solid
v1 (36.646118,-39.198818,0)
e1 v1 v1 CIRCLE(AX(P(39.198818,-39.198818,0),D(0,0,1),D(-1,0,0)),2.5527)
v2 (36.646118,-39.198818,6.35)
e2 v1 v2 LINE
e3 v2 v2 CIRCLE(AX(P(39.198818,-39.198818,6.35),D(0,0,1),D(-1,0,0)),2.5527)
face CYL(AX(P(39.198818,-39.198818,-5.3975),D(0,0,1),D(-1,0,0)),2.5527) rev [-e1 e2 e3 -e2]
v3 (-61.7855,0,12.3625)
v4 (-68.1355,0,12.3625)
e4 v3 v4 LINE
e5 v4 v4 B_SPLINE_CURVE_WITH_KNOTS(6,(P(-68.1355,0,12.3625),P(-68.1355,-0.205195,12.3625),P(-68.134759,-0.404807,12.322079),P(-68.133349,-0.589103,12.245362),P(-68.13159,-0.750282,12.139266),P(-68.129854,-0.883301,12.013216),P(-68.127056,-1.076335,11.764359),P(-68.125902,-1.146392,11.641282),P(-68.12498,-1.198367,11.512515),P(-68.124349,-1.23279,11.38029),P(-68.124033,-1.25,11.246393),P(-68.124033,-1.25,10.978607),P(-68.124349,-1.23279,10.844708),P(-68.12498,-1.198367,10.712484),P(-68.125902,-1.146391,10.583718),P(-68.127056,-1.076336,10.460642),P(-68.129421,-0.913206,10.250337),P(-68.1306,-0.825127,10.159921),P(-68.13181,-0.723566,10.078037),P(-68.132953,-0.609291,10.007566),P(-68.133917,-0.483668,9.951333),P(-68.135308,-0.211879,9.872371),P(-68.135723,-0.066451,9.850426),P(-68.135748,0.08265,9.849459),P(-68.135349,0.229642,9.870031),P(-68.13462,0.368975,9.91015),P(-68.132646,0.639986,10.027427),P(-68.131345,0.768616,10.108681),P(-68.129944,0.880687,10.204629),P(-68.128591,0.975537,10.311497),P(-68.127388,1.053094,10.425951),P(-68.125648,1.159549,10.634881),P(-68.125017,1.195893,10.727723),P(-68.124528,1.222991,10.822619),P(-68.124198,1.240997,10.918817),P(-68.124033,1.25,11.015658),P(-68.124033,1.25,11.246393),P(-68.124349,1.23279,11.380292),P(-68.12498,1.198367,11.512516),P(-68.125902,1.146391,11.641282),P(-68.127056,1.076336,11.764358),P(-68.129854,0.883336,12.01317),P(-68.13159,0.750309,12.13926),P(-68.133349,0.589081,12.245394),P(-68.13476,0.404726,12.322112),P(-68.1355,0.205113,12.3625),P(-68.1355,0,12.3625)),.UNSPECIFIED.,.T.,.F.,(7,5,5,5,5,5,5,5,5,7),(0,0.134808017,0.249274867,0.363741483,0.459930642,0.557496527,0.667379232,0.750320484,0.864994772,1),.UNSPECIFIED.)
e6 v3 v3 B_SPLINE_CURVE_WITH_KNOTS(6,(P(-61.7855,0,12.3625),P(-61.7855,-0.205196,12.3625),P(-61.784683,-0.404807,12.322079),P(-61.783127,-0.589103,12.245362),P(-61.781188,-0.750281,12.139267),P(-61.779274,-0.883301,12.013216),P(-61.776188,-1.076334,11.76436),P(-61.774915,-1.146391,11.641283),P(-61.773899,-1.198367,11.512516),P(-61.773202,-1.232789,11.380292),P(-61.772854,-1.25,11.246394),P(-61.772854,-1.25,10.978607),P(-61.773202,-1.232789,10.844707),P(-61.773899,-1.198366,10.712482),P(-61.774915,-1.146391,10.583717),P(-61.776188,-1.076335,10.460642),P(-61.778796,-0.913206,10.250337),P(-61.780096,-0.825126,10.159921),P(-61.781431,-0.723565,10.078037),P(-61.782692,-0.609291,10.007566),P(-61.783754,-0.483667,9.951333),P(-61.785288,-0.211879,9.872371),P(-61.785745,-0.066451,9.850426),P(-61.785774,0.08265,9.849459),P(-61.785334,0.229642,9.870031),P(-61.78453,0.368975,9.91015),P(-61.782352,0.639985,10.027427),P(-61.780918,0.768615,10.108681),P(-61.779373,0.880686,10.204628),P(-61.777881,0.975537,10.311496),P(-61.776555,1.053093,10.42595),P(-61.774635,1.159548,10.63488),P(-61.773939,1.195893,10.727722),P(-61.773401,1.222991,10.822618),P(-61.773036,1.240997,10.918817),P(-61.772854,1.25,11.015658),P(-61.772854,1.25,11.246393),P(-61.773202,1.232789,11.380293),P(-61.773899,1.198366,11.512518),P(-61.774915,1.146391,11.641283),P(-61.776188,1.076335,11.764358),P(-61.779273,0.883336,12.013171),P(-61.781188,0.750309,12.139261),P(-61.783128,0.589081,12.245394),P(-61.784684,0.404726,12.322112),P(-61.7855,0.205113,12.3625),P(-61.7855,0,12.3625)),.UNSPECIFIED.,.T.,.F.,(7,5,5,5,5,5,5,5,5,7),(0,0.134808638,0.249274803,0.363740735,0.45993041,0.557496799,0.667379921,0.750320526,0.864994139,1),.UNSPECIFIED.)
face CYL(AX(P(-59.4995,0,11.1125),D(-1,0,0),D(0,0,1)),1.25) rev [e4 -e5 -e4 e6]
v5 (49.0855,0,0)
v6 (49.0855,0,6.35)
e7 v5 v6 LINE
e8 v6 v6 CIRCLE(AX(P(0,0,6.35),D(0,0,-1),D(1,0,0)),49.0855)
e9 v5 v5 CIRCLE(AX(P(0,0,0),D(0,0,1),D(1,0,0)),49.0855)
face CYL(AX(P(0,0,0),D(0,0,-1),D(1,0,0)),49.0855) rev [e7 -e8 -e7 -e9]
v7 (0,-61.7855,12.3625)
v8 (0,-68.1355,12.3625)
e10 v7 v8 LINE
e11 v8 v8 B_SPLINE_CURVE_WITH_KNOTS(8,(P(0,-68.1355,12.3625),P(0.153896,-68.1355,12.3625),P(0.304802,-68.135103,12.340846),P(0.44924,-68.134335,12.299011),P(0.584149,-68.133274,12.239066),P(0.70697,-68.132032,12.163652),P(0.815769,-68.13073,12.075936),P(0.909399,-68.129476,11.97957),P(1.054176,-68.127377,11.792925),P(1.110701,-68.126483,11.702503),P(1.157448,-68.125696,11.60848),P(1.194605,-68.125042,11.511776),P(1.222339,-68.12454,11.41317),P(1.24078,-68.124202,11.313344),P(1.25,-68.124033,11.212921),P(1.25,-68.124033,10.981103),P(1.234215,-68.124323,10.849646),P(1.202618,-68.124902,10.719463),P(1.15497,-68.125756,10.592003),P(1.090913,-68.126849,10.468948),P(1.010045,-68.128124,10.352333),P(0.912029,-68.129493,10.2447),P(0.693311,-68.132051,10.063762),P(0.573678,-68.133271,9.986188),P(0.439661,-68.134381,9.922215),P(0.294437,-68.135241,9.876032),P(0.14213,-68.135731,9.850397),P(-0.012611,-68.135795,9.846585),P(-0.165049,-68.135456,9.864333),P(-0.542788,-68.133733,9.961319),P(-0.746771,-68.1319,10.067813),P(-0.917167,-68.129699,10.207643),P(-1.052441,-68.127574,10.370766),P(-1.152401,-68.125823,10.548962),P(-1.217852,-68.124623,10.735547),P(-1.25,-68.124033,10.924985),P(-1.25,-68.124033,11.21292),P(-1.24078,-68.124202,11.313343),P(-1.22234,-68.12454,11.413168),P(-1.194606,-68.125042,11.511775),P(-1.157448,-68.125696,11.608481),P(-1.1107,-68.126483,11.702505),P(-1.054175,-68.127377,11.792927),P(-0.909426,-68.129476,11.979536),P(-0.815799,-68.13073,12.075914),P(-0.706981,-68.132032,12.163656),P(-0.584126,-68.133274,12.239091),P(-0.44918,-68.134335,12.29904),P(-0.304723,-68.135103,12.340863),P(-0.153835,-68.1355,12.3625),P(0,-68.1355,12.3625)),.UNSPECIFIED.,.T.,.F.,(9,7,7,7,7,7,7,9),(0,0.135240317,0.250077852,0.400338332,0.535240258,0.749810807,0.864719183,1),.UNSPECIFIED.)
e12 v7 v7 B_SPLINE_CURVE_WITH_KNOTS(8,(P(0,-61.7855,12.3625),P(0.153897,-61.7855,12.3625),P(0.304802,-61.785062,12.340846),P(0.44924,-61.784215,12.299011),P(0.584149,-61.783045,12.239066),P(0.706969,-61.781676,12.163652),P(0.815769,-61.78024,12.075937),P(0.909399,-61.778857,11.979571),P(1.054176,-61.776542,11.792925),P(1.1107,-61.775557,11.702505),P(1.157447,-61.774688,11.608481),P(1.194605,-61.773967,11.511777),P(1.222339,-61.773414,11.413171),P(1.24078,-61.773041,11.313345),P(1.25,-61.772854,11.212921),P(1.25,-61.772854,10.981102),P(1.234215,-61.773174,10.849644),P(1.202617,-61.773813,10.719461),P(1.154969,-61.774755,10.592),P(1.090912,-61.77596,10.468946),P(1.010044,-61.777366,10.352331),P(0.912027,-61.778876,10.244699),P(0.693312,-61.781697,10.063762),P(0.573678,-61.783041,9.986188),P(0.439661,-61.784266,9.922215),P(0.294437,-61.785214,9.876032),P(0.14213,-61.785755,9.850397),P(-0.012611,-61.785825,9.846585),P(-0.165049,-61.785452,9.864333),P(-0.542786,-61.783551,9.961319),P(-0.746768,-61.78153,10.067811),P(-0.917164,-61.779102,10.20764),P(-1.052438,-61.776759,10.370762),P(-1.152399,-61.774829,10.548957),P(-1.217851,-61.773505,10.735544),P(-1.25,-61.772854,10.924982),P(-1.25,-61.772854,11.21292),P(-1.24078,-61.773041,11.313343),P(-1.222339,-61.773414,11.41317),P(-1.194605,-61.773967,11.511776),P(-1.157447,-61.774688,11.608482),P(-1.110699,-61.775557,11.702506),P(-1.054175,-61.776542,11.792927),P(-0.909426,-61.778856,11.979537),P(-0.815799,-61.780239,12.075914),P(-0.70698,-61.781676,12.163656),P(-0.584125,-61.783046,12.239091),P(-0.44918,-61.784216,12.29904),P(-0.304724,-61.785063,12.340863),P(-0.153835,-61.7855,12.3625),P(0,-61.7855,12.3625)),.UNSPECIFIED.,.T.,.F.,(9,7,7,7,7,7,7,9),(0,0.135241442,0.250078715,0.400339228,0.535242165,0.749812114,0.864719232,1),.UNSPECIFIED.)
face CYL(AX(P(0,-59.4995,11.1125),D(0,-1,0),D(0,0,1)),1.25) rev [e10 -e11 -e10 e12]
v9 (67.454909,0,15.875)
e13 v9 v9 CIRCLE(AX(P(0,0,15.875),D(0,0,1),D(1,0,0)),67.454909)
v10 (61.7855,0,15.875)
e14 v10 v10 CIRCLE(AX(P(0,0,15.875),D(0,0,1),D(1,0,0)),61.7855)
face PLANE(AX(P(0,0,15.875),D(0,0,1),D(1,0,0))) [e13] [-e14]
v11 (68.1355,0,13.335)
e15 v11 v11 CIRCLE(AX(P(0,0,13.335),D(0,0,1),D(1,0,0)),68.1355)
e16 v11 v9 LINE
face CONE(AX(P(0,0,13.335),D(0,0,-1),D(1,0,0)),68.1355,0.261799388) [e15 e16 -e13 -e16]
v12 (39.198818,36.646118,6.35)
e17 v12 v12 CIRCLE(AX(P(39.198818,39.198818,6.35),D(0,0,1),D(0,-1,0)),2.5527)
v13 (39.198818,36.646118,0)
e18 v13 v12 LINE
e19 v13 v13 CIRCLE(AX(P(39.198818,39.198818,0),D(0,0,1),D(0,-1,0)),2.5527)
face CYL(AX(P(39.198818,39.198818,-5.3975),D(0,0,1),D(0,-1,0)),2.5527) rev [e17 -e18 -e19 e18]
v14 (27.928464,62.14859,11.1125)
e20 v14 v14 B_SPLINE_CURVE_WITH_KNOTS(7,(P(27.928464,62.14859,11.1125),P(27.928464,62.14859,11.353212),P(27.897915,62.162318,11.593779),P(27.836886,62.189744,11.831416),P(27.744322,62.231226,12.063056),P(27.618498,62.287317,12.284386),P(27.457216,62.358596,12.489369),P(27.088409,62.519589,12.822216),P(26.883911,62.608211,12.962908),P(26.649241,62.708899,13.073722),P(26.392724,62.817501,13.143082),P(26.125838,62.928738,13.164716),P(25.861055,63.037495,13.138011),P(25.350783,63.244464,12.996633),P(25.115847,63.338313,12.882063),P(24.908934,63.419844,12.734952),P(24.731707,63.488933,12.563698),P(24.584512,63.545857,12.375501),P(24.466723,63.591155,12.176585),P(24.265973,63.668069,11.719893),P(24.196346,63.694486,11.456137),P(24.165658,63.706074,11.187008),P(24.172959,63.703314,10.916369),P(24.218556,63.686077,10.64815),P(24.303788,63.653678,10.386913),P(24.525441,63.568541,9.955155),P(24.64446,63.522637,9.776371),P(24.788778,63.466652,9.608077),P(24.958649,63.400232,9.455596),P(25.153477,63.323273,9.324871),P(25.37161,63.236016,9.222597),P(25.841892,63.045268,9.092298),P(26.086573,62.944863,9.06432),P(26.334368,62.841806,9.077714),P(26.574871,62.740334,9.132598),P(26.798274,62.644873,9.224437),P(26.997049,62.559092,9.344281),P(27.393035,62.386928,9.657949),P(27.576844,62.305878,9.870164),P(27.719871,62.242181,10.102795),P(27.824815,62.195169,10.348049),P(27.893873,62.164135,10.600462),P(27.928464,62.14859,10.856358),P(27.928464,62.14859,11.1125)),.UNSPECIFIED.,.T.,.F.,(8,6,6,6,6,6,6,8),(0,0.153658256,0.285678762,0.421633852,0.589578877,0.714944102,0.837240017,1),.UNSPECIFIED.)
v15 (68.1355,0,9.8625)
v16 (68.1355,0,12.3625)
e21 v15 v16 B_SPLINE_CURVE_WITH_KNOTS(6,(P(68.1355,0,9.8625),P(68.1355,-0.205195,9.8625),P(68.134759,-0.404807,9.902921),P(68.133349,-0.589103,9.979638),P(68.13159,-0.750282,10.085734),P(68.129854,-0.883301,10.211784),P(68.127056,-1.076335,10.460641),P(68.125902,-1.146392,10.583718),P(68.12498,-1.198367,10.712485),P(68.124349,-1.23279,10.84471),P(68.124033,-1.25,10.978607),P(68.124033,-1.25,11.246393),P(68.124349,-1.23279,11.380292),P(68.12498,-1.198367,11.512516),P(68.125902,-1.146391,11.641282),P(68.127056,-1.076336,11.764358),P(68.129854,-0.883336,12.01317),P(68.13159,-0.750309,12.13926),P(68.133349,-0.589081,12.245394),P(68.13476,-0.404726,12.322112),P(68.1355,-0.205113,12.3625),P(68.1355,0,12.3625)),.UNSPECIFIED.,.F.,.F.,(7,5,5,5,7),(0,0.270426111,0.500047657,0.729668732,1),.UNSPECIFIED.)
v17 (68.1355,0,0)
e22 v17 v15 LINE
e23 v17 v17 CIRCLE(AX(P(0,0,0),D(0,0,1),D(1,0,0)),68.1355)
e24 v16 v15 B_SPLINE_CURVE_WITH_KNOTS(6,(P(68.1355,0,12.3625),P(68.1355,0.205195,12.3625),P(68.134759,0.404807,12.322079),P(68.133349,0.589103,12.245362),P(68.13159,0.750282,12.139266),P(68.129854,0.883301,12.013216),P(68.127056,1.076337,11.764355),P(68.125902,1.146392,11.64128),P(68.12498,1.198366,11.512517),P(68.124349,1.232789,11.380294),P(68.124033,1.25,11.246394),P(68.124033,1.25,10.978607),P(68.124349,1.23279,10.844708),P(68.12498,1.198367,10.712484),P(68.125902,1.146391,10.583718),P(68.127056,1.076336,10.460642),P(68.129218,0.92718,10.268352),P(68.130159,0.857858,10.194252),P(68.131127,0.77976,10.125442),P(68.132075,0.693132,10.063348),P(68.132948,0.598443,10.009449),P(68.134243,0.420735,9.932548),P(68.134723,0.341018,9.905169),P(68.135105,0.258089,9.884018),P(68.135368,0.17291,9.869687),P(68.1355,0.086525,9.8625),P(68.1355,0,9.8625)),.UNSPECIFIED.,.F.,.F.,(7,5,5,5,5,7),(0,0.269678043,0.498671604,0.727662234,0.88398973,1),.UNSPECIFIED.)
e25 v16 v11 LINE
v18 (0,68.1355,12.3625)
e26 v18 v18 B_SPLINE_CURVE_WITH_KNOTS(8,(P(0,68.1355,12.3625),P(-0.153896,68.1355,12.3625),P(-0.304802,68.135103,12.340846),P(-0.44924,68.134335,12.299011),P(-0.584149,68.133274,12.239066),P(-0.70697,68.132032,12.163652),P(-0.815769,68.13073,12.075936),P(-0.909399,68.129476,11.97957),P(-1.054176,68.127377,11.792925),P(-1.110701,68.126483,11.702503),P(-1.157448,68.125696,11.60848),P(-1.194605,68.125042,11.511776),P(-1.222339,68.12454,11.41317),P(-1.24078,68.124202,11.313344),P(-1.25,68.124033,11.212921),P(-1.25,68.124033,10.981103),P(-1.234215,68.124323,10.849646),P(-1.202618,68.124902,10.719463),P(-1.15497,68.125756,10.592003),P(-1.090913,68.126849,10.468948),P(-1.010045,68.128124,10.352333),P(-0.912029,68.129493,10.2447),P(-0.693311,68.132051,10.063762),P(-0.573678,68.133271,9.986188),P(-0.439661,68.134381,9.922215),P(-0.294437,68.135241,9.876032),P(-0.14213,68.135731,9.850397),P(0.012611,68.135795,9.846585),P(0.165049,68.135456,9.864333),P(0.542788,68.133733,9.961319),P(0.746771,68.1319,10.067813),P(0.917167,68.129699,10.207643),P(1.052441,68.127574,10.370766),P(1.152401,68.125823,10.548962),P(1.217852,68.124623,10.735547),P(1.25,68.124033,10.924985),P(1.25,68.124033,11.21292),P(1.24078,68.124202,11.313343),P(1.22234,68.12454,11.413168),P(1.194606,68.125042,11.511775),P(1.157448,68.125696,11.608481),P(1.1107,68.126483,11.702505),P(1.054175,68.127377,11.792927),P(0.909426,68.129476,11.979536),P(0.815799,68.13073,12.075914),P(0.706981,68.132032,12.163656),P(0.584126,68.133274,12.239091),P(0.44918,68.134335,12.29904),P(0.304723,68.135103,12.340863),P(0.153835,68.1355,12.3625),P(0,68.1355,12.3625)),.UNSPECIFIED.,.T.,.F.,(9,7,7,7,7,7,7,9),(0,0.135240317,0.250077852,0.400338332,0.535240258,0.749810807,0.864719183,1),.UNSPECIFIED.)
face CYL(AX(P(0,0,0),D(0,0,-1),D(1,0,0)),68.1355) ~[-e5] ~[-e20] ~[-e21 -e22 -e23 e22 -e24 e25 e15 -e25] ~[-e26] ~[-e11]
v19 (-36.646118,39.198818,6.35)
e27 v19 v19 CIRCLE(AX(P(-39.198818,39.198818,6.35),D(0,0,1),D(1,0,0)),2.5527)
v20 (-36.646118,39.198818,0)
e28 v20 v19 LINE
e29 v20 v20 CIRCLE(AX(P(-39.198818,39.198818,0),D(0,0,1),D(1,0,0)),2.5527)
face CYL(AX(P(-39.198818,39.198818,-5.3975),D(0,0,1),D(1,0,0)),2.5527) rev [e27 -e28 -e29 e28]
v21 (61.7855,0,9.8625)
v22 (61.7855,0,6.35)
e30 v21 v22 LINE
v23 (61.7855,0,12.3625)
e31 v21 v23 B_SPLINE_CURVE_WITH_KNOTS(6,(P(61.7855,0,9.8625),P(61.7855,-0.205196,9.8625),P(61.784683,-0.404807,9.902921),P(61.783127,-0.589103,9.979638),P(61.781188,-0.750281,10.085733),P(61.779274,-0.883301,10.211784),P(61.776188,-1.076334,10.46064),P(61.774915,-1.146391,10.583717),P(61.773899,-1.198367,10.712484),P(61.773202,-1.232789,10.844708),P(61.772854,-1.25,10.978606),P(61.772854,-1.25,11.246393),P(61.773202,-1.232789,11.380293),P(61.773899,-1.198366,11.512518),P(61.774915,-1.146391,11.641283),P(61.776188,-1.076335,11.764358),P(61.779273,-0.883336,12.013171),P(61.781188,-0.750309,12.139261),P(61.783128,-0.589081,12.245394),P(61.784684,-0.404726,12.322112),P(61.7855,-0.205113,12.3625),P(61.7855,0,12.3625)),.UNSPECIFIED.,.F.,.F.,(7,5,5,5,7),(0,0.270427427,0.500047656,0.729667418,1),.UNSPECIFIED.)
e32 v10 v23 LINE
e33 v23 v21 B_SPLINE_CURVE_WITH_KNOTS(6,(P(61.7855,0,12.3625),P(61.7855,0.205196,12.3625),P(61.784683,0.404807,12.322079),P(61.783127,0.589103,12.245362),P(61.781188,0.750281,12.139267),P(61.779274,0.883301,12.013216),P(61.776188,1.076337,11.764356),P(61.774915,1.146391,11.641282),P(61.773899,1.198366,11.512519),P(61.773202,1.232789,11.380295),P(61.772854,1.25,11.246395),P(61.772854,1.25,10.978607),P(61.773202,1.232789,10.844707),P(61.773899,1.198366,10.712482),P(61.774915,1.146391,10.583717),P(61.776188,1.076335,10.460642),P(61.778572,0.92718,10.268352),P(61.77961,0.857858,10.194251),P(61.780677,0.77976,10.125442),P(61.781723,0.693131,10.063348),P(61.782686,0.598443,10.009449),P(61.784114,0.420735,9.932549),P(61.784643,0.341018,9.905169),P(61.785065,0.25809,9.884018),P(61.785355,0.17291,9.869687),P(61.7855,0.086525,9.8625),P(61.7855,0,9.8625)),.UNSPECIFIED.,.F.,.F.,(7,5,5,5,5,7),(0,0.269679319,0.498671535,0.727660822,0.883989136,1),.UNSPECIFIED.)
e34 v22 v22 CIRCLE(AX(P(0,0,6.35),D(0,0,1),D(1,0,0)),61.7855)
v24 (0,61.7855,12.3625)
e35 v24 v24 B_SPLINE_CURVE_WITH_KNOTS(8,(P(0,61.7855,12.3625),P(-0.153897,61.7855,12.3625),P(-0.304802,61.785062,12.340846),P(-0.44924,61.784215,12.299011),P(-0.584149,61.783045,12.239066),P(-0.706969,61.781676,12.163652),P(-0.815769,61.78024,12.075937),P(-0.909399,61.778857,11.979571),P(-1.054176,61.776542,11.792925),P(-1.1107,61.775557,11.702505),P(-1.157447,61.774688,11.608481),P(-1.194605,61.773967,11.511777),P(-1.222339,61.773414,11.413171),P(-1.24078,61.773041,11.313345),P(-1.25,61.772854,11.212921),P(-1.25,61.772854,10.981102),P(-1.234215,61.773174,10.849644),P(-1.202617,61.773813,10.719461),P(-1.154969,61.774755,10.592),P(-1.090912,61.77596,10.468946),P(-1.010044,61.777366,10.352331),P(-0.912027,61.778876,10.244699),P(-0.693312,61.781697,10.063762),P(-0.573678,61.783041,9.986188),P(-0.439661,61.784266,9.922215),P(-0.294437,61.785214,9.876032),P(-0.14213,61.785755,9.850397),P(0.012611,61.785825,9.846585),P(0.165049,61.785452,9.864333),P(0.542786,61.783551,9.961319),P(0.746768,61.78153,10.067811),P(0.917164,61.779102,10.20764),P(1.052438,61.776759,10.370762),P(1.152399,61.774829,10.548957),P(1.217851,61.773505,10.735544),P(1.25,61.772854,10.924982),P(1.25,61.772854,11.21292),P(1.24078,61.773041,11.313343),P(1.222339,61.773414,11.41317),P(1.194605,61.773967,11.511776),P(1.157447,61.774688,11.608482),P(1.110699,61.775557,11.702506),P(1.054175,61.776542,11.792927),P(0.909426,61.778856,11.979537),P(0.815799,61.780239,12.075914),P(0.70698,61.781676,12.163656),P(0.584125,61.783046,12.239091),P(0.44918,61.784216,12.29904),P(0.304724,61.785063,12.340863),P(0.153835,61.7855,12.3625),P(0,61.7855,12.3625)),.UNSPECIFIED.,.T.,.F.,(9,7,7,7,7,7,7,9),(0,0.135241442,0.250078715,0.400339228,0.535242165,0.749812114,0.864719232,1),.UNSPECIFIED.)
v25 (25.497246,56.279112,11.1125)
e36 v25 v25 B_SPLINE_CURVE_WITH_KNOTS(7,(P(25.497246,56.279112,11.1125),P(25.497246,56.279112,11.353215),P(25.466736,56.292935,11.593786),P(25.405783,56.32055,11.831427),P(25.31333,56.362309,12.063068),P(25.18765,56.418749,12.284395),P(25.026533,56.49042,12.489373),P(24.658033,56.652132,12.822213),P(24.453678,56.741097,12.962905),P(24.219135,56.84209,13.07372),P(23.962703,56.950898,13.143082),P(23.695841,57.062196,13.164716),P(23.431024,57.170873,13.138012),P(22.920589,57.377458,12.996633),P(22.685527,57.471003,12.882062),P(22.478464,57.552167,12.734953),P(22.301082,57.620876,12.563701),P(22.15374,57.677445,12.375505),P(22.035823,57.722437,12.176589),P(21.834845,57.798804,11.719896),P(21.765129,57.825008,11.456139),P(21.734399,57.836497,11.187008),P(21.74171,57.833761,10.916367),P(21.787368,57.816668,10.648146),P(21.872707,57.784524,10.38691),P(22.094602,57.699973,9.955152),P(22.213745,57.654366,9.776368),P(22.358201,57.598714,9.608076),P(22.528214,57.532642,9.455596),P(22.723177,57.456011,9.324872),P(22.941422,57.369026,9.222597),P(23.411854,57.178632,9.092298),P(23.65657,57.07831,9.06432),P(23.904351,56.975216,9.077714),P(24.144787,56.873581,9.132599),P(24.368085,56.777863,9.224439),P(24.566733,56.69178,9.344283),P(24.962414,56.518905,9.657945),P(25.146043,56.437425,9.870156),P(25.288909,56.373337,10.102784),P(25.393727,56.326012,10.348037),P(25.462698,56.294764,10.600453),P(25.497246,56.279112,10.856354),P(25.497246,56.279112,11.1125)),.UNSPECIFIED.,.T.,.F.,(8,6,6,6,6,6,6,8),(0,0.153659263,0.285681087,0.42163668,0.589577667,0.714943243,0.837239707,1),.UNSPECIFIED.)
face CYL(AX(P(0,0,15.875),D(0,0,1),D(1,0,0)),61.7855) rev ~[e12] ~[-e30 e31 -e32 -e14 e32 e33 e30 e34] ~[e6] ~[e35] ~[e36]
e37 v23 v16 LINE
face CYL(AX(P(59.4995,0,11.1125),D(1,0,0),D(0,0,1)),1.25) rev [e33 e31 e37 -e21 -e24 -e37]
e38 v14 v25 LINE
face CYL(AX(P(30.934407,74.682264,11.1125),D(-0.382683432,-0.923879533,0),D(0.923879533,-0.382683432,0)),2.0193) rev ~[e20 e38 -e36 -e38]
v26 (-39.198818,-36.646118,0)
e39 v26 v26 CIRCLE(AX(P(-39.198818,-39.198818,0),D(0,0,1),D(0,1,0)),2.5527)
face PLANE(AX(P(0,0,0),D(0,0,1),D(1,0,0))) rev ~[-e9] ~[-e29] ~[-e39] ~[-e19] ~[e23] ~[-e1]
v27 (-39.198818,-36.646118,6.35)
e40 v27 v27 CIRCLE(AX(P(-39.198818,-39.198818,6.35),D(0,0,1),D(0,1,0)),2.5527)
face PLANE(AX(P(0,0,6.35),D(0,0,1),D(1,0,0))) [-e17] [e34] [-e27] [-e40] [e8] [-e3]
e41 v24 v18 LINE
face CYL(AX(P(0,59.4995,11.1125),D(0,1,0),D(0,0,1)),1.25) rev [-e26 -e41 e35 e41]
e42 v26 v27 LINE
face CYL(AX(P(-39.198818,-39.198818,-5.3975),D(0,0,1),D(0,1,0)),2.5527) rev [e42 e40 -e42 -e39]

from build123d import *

# Parameters (mm, degrees)
SKETCH1_R                      = 68.1355
SKETCH1_R_2                    = 49.0855
EXTRUDE1_DEPTH                 = 15.875
SKETCH2_R                      = 61.7855
EXTRUDE2_DEPTH                 = 9.525
TAP_DRILL_FOR_10_32_TAP1_D     = 4.0386
TAP_DRILL_FOR_10_32_TAP1_DEPTH = 12.7
TAP_DRILL_FOR_10_32_TAP1_TIP   = 1.213317848
CIRPATTERN1_COUNT              = 4
CIRPATTERN2_COUNT              = 4
CHAMFER1_SIZE                  = 2.54
CHAMFER1_SIZE2                 = 0.680590949


with BuildPart() as part:
    # Sketch1 → Extrude1 (new body)
    with BuildSketch(Plane.XY):
        Circle(SKETCH1_R)
        Circle(SKETCH1_R_2, mode=Mode.SUBTRACT)
    extrude(amount=EXTRUDE1_DEPTH)

    # Sketch2 → Extrude2 (cut)
    with BuildSketch(Plane.XY.offset(15.875)):
        Circle(SKETCH2_R)
    extrude(amount=-EXTRUDE2_DEPTH, mode=Mode.SUBTRACT)

    # Tap Drill for #10-32 Tap1
    with Locations(Plane(origin=(26.074327006, 62.948993887, 11.1125), x_dir=(-0.9238795325112864, 0.38268343236509067, 0), z_dir=(0.38268343236509067, 0.9238795325112864, 0))):
        with Locations((0, 0)):
            Hole(TAP_DRILL_FOR_10_32_TAP1_D / 2, depth=TAP_DRILL_FOR_10_32_TAP1_DEPTH)
            with Locations((0, 0, -(TAP_DRILL_FOR_10_32_TAP1_DEPTH + TAP_DRILL_FOR_10_32_TAP1_TIP / 2))):  # 118° drill point
                Cone(0, TAP_DRILL_FOR_10_32_TAP1_D / 2, TAP_DRILL_FOR_10_32_TAP1_TIP, mode=Mode.SUBTRACT)

    # Sketch4 → M3x0.5 Tapped Hole1 (revolve, cut)
    with BuildSketch(Plane(origin=(0, 68.1355, 11.1125), x_dir=(0, 0, 1), z_dir=(1, 0, 0))):
        Polygon((0, 0), (0, 9.387075774), (1.25, 8.636), (1.25, 0), align=None)
    m3x0_5_tapped_hole1 = revolve(axis=Axis((0, 74.4855, 11.1125), (0, -1, 0)), mode=Mode.SUBTRACT)

    # CirPattern1: M3x0.5 Tapped Hole1 ×4 about axis
    cirpattern1_axis = Axis((0, 0, 15.875), (0, 0, -1))
    for i in range(1, CIRPATTERN1_COUNT):
        add(m3x0_5_tapped_hole1.rotate(cirpattern1_axis, i * 360 / CIRPATTERN1_COUNT), mode=Mode.SUBTRACT)

    # Sketch8 → 1/4-20 Tapped Hole1 (revolve, cut)
    with BuildSketch(Plane(origin=(39.198817968, 39.198817968, 11.1125), x_dir=(0, -1, 0), z_dir=(1, 0, 0))):
        Polygon((0, 0), (0, 18.043816902), (2.5527, 16.51), (2.5527, 0), align=None)
    f_1_4_20_tapped_hole1 = revolve(axis=Axis((39.198817968, 39.198817968, 17.4625), (0, 0, -1)), mode=Mode.SUBTRACT)

    # CirPattern2: 1/4-20 Tapped Hole1 ×4 about axis
    cirpattern2_axis = Axis((0, 0, 0), (0, 0, 1))
    for i in range(1, CIRPATTERN2_COUNT):
        add(f_1_4_20_tapped_hole1.rotate(cirpattern2_axis, i * 360 / CIRPATTERN2_COUNT), mode=Mode.SUBTRACT)

    # Chamfer1
    chamfer1_edges = [part.edges().sort_by_distance(p)[0] for p in [
        (-68.1355, 0, 15.875),
    ]]
    chamfer1_side = [part.faces().sort_by_distance(p)[0] for p in [
        (-68.1355, 0, 7.9375),
    ]]
    chamfer(chamfer1_edges, length=CHAMFER1_SIZE, length2=CHAMFER1_SIZE2, reference=chamfer1_side[0])


solid = part.part
